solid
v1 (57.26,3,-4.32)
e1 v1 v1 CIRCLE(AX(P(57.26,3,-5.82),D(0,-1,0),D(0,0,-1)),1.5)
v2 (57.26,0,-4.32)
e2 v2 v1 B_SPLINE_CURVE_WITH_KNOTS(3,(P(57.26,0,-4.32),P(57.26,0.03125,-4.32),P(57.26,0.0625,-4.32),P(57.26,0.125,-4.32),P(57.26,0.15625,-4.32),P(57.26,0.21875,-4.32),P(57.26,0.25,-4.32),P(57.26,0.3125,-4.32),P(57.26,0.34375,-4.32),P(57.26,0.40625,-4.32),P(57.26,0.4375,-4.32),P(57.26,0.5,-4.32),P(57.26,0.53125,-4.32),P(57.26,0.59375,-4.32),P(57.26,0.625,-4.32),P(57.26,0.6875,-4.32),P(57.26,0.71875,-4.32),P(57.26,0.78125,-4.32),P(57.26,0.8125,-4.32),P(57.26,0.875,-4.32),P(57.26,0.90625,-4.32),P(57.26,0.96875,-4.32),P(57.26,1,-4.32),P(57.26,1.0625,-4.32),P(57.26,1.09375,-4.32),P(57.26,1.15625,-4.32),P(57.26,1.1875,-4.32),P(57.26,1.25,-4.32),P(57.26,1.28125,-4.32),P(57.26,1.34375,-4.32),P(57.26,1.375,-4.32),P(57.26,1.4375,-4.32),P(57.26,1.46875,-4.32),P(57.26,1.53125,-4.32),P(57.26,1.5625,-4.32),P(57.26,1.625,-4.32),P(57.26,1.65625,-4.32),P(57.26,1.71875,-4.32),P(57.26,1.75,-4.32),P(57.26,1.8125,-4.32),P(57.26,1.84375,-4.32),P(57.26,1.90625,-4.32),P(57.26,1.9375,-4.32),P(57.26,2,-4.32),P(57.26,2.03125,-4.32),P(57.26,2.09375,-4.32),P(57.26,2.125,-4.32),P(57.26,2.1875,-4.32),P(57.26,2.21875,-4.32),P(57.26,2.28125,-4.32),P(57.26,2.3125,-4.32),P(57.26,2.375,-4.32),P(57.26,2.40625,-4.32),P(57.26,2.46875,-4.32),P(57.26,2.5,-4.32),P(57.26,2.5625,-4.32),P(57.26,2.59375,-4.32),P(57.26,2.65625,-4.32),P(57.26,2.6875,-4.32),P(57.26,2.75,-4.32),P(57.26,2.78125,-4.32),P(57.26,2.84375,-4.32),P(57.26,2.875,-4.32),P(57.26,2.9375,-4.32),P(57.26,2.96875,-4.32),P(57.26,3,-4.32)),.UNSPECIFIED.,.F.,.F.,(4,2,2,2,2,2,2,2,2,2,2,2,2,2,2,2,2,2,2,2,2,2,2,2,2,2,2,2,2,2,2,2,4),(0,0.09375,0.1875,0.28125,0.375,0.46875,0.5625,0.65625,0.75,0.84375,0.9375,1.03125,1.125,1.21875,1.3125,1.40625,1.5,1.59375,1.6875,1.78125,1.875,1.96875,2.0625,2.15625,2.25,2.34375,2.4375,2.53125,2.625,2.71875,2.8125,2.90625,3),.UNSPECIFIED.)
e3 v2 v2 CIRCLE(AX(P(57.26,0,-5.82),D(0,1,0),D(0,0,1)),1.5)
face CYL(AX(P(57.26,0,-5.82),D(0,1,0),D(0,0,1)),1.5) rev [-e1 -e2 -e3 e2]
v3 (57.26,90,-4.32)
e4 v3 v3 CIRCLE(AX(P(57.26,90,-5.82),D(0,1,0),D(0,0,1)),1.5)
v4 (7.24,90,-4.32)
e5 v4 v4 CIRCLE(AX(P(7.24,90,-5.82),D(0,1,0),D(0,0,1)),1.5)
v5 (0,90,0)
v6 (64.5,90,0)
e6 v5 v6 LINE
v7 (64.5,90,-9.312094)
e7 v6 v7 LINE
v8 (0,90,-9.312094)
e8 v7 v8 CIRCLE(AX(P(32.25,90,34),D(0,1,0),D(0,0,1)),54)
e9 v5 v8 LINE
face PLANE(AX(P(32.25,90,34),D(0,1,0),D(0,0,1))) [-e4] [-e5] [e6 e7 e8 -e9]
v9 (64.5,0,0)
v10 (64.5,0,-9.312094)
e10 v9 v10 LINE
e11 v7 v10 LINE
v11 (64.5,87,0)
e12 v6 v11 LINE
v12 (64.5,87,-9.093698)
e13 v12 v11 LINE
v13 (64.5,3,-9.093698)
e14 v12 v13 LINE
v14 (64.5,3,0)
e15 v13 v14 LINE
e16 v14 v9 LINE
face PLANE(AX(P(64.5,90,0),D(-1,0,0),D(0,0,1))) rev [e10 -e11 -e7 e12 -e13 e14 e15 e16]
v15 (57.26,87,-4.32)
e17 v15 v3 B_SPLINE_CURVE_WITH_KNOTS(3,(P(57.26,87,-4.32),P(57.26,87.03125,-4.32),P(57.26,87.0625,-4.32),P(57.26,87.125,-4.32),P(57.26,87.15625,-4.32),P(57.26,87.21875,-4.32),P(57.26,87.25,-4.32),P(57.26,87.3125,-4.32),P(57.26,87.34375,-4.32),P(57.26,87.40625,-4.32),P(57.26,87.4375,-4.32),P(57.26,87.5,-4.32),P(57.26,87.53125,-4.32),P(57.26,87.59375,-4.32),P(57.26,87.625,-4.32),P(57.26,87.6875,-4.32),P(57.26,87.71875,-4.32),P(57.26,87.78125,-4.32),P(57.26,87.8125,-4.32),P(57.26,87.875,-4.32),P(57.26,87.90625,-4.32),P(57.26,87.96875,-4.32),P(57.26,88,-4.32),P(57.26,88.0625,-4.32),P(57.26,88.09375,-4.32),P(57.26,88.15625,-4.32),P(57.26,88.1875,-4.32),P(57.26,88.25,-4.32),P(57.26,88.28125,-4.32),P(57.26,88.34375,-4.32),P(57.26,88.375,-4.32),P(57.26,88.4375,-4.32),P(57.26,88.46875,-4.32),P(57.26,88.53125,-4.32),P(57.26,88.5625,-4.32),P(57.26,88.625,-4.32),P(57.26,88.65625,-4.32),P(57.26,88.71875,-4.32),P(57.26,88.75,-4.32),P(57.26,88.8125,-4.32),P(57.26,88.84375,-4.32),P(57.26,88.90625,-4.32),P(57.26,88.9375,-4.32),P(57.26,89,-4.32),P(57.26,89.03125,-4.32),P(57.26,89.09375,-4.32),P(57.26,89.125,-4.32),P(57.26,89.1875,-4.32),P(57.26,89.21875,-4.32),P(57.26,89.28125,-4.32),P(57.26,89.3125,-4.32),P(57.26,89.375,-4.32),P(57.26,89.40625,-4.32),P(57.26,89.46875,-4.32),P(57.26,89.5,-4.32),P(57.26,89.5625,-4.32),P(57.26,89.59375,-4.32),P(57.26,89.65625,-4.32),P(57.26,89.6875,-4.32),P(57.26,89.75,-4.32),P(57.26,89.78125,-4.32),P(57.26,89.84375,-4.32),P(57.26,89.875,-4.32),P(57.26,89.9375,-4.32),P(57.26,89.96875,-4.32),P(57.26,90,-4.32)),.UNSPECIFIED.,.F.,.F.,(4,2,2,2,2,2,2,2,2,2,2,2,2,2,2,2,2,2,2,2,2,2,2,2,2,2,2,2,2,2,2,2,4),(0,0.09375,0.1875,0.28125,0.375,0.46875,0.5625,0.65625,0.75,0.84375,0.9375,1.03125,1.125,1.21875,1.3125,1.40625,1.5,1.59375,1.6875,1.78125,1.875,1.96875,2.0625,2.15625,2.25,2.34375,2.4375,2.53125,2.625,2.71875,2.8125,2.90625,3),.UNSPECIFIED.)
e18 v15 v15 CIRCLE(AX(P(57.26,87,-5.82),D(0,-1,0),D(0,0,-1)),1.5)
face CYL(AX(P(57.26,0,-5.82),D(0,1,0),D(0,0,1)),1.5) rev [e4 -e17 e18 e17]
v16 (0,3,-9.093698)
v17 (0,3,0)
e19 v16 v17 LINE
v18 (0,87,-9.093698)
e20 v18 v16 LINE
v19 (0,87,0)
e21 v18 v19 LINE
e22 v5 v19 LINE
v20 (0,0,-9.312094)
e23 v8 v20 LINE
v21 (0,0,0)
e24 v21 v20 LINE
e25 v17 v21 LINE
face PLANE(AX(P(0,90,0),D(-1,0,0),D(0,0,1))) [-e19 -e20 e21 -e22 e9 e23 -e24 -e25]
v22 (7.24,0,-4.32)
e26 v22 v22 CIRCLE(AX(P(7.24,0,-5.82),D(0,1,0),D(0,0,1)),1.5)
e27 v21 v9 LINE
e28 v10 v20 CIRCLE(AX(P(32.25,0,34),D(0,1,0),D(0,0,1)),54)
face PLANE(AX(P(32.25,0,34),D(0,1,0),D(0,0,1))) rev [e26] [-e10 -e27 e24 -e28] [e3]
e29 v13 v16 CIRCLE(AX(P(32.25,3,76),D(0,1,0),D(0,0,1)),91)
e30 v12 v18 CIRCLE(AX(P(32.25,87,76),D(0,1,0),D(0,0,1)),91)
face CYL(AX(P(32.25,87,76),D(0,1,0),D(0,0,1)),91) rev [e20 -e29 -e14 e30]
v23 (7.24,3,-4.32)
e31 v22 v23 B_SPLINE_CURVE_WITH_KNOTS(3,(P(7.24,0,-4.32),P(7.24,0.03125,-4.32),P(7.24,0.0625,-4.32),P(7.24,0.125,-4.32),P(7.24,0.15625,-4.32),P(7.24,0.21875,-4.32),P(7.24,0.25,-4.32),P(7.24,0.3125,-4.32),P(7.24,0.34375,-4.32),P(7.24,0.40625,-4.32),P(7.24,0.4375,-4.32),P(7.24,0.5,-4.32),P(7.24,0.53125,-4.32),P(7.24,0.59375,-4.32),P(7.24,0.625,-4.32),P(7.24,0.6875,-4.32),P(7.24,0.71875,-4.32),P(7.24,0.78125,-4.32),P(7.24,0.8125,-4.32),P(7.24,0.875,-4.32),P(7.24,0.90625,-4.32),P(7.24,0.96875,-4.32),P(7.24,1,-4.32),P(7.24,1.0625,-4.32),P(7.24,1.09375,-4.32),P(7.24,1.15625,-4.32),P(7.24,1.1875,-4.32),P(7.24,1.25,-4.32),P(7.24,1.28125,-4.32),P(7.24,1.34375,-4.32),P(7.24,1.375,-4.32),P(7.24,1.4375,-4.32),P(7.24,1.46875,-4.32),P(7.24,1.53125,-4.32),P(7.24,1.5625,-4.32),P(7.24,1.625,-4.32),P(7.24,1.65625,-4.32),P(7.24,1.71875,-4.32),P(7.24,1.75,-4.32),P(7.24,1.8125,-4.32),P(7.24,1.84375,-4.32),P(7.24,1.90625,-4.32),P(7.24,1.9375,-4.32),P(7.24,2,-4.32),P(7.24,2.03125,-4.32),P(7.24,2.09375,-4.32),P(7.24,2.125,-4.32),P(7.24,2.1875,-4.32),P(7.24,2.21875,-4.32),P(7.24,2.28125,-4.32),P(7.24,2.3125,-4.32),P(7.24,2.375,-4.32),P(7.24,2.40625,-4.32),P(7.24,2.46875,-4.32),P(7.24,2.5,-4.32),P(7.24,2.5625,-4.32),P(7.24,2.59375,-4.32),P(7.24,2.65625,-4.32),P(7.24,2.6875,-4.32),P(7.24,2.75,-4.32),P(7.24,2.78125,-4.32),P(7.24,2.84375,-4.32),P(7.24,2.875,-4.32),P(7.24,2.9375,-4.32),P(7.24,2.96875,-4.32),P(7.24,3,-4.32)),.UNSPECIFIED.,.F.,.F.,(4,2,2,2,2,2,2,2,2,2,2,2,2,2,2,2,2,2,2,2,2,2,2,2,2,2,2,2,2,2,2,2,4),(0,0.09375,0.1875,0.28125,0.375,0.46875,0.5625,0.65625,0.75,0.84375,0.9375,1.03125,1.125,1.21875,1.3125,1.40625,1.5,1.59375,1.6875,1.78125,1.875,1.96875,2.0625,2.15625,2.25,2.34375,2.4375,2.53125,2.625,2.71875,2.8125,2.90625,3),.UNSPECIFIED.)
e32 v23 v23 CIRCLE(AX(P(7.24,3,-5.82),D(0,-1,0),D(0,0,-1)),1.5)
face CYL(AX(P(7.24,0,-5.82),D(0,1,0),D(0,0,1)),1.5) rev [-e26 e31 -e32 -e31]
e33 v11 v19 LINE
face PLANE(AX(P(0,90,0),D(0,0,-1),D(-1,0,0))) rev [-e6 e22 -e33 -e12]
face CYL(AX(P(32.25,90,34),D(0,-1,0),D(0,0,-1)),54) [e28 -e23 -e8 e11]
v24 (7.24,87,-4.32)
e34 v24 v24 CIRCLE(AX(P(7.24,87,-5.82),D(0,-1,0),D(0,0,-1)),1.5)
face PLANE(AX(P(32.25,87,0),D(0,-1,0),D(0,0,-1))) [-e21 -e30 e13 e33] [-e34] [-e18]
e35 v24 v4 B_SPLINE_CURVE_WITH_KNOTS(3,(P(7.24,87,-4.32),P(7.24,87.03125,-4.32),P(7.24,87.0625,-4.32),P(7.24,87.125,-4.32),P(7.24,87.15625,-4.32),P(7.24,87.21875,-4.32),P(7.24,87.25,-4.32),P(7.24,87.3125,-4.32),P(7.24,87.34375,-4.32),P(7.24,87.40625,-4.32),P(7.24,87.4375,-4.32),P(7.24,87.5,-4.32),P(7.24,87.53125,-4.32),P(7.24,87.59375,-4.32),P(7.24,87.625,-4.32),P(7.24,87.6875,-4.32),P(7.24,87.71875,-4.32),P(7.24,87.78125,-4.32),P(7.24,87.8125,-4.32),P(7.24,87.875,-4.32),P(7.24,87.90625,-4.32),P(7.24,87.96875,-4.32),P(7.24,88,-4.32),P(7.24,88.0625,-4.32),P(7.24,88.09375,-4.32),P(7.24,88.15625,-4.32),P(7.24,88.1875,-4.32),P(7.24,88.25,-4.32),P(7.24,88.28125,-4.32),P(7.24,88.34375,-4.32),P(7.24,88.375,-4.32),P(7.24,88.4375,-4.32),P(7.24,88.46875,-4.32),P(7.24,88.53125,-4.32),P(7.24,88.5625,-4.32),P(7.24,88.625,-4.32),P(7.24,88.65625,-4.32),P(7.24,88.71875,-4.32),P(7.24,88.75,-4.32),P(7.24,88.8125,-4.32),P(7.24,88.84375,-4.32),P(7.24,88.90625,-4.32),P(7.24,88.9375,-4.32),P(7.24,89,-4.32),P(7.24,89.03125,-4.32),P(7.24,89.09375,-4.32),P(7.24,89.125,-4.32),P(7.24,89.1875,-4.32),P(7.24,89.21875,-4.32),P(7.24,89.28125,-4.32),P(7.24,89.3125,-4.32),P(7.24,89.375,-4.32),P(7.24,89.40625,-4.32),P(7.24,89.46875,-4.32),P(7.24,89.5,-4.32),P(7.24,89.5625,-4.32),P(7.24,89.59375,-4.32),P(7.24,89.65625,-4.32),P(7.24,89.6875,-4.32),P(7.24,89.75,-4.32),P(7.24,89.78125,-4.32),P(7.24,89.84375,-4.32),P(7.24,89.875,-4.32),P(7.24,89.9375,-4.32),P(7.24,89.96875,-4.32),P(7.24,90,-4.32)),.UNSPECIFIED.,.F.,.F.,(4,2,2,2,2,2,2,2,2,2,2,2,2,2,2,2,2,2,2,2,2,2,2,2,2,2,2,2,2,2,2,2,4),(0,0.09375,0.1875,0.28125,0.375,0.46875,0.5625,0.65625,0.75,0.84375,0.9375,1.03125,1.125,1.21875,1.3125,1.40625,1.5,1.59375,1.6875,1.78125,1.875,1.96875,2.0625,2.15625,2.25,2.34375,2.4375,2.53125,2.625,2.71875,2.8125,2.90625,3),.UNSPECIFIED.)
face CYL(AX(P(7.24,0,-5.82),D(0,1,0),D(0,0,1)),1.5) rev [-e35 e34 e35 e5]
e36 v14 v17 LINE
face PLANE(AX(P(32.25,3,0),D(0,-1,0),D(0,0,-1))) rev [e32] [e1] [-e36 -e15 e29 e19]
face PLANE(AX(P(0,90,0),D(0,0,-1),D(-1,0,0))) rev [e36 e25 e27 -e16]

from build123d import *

# Parameters (mm, degrees)
RESSALTO_EXTRUS_O1_DEPTH = 90
ESBO_O3_W                = 91
ESBO_O3_H                = 84
ESBO_O4_R                = 1.5
CORTE_EXTRUS_O1_DEPTH    = 113.517776373


with BuildPart() as part:
    # Esboço1 → Ressalto-extrusão1 (new body)
    with BuildSketch(Plane(origin=(0, 0, 0), x_dir=(1, 0, 0), z_dir=(0, 1, 0))):
        with BuildLine():
            Line((0, 0), (64.5, 0))
            Line((64.5, 0), (64.5, 9.312094154))
            ThreePointArc((64.5, 9.312094154), (32.25, 20), (0, 9.312094154))
            Line((0, 9.312094154), (0, 0))
        make_face()
    extrude(amount=RESSALTO_EXTRUS_O1_DEPTH)

    # Esboço3 → Corte-Revolução2 (revolve, cut)
    with BuildSketch(Plane(origin=(32.25, 0, 0), x_dir=(0, 0, -1), z_dir=(1, 0, 0))):
        with Locations((-30.5, 45)):
            Rectangle(ESBO_O3_W, ESBO_O3_H)
    revolve(axis=Axis((32.25, 87, 76), (0, -1, 0)), mode=Mode.SUBTRACT)

    # Esboço4 → Corte-extrusão1 (cut, through all)
    with BuildSketch(Plane(origin=(0, 90, 0), x_dir=(1, 0, 0), z_dir=(0, 1, 0))):
        with Locations(Location((7.24, 5.82, 0), (0, 0, 270))):
            Circle(ESBO_O4_R)
        with Locations(Location((57.26, 5.82, 0), (0, 0, 270))):
            Circle(ESBO_O4_R)
    extrude(amount=-CORTE_EXTRUS_O1_DEPTH, mode=Mode.SUBTRACT)


solid = part.part
